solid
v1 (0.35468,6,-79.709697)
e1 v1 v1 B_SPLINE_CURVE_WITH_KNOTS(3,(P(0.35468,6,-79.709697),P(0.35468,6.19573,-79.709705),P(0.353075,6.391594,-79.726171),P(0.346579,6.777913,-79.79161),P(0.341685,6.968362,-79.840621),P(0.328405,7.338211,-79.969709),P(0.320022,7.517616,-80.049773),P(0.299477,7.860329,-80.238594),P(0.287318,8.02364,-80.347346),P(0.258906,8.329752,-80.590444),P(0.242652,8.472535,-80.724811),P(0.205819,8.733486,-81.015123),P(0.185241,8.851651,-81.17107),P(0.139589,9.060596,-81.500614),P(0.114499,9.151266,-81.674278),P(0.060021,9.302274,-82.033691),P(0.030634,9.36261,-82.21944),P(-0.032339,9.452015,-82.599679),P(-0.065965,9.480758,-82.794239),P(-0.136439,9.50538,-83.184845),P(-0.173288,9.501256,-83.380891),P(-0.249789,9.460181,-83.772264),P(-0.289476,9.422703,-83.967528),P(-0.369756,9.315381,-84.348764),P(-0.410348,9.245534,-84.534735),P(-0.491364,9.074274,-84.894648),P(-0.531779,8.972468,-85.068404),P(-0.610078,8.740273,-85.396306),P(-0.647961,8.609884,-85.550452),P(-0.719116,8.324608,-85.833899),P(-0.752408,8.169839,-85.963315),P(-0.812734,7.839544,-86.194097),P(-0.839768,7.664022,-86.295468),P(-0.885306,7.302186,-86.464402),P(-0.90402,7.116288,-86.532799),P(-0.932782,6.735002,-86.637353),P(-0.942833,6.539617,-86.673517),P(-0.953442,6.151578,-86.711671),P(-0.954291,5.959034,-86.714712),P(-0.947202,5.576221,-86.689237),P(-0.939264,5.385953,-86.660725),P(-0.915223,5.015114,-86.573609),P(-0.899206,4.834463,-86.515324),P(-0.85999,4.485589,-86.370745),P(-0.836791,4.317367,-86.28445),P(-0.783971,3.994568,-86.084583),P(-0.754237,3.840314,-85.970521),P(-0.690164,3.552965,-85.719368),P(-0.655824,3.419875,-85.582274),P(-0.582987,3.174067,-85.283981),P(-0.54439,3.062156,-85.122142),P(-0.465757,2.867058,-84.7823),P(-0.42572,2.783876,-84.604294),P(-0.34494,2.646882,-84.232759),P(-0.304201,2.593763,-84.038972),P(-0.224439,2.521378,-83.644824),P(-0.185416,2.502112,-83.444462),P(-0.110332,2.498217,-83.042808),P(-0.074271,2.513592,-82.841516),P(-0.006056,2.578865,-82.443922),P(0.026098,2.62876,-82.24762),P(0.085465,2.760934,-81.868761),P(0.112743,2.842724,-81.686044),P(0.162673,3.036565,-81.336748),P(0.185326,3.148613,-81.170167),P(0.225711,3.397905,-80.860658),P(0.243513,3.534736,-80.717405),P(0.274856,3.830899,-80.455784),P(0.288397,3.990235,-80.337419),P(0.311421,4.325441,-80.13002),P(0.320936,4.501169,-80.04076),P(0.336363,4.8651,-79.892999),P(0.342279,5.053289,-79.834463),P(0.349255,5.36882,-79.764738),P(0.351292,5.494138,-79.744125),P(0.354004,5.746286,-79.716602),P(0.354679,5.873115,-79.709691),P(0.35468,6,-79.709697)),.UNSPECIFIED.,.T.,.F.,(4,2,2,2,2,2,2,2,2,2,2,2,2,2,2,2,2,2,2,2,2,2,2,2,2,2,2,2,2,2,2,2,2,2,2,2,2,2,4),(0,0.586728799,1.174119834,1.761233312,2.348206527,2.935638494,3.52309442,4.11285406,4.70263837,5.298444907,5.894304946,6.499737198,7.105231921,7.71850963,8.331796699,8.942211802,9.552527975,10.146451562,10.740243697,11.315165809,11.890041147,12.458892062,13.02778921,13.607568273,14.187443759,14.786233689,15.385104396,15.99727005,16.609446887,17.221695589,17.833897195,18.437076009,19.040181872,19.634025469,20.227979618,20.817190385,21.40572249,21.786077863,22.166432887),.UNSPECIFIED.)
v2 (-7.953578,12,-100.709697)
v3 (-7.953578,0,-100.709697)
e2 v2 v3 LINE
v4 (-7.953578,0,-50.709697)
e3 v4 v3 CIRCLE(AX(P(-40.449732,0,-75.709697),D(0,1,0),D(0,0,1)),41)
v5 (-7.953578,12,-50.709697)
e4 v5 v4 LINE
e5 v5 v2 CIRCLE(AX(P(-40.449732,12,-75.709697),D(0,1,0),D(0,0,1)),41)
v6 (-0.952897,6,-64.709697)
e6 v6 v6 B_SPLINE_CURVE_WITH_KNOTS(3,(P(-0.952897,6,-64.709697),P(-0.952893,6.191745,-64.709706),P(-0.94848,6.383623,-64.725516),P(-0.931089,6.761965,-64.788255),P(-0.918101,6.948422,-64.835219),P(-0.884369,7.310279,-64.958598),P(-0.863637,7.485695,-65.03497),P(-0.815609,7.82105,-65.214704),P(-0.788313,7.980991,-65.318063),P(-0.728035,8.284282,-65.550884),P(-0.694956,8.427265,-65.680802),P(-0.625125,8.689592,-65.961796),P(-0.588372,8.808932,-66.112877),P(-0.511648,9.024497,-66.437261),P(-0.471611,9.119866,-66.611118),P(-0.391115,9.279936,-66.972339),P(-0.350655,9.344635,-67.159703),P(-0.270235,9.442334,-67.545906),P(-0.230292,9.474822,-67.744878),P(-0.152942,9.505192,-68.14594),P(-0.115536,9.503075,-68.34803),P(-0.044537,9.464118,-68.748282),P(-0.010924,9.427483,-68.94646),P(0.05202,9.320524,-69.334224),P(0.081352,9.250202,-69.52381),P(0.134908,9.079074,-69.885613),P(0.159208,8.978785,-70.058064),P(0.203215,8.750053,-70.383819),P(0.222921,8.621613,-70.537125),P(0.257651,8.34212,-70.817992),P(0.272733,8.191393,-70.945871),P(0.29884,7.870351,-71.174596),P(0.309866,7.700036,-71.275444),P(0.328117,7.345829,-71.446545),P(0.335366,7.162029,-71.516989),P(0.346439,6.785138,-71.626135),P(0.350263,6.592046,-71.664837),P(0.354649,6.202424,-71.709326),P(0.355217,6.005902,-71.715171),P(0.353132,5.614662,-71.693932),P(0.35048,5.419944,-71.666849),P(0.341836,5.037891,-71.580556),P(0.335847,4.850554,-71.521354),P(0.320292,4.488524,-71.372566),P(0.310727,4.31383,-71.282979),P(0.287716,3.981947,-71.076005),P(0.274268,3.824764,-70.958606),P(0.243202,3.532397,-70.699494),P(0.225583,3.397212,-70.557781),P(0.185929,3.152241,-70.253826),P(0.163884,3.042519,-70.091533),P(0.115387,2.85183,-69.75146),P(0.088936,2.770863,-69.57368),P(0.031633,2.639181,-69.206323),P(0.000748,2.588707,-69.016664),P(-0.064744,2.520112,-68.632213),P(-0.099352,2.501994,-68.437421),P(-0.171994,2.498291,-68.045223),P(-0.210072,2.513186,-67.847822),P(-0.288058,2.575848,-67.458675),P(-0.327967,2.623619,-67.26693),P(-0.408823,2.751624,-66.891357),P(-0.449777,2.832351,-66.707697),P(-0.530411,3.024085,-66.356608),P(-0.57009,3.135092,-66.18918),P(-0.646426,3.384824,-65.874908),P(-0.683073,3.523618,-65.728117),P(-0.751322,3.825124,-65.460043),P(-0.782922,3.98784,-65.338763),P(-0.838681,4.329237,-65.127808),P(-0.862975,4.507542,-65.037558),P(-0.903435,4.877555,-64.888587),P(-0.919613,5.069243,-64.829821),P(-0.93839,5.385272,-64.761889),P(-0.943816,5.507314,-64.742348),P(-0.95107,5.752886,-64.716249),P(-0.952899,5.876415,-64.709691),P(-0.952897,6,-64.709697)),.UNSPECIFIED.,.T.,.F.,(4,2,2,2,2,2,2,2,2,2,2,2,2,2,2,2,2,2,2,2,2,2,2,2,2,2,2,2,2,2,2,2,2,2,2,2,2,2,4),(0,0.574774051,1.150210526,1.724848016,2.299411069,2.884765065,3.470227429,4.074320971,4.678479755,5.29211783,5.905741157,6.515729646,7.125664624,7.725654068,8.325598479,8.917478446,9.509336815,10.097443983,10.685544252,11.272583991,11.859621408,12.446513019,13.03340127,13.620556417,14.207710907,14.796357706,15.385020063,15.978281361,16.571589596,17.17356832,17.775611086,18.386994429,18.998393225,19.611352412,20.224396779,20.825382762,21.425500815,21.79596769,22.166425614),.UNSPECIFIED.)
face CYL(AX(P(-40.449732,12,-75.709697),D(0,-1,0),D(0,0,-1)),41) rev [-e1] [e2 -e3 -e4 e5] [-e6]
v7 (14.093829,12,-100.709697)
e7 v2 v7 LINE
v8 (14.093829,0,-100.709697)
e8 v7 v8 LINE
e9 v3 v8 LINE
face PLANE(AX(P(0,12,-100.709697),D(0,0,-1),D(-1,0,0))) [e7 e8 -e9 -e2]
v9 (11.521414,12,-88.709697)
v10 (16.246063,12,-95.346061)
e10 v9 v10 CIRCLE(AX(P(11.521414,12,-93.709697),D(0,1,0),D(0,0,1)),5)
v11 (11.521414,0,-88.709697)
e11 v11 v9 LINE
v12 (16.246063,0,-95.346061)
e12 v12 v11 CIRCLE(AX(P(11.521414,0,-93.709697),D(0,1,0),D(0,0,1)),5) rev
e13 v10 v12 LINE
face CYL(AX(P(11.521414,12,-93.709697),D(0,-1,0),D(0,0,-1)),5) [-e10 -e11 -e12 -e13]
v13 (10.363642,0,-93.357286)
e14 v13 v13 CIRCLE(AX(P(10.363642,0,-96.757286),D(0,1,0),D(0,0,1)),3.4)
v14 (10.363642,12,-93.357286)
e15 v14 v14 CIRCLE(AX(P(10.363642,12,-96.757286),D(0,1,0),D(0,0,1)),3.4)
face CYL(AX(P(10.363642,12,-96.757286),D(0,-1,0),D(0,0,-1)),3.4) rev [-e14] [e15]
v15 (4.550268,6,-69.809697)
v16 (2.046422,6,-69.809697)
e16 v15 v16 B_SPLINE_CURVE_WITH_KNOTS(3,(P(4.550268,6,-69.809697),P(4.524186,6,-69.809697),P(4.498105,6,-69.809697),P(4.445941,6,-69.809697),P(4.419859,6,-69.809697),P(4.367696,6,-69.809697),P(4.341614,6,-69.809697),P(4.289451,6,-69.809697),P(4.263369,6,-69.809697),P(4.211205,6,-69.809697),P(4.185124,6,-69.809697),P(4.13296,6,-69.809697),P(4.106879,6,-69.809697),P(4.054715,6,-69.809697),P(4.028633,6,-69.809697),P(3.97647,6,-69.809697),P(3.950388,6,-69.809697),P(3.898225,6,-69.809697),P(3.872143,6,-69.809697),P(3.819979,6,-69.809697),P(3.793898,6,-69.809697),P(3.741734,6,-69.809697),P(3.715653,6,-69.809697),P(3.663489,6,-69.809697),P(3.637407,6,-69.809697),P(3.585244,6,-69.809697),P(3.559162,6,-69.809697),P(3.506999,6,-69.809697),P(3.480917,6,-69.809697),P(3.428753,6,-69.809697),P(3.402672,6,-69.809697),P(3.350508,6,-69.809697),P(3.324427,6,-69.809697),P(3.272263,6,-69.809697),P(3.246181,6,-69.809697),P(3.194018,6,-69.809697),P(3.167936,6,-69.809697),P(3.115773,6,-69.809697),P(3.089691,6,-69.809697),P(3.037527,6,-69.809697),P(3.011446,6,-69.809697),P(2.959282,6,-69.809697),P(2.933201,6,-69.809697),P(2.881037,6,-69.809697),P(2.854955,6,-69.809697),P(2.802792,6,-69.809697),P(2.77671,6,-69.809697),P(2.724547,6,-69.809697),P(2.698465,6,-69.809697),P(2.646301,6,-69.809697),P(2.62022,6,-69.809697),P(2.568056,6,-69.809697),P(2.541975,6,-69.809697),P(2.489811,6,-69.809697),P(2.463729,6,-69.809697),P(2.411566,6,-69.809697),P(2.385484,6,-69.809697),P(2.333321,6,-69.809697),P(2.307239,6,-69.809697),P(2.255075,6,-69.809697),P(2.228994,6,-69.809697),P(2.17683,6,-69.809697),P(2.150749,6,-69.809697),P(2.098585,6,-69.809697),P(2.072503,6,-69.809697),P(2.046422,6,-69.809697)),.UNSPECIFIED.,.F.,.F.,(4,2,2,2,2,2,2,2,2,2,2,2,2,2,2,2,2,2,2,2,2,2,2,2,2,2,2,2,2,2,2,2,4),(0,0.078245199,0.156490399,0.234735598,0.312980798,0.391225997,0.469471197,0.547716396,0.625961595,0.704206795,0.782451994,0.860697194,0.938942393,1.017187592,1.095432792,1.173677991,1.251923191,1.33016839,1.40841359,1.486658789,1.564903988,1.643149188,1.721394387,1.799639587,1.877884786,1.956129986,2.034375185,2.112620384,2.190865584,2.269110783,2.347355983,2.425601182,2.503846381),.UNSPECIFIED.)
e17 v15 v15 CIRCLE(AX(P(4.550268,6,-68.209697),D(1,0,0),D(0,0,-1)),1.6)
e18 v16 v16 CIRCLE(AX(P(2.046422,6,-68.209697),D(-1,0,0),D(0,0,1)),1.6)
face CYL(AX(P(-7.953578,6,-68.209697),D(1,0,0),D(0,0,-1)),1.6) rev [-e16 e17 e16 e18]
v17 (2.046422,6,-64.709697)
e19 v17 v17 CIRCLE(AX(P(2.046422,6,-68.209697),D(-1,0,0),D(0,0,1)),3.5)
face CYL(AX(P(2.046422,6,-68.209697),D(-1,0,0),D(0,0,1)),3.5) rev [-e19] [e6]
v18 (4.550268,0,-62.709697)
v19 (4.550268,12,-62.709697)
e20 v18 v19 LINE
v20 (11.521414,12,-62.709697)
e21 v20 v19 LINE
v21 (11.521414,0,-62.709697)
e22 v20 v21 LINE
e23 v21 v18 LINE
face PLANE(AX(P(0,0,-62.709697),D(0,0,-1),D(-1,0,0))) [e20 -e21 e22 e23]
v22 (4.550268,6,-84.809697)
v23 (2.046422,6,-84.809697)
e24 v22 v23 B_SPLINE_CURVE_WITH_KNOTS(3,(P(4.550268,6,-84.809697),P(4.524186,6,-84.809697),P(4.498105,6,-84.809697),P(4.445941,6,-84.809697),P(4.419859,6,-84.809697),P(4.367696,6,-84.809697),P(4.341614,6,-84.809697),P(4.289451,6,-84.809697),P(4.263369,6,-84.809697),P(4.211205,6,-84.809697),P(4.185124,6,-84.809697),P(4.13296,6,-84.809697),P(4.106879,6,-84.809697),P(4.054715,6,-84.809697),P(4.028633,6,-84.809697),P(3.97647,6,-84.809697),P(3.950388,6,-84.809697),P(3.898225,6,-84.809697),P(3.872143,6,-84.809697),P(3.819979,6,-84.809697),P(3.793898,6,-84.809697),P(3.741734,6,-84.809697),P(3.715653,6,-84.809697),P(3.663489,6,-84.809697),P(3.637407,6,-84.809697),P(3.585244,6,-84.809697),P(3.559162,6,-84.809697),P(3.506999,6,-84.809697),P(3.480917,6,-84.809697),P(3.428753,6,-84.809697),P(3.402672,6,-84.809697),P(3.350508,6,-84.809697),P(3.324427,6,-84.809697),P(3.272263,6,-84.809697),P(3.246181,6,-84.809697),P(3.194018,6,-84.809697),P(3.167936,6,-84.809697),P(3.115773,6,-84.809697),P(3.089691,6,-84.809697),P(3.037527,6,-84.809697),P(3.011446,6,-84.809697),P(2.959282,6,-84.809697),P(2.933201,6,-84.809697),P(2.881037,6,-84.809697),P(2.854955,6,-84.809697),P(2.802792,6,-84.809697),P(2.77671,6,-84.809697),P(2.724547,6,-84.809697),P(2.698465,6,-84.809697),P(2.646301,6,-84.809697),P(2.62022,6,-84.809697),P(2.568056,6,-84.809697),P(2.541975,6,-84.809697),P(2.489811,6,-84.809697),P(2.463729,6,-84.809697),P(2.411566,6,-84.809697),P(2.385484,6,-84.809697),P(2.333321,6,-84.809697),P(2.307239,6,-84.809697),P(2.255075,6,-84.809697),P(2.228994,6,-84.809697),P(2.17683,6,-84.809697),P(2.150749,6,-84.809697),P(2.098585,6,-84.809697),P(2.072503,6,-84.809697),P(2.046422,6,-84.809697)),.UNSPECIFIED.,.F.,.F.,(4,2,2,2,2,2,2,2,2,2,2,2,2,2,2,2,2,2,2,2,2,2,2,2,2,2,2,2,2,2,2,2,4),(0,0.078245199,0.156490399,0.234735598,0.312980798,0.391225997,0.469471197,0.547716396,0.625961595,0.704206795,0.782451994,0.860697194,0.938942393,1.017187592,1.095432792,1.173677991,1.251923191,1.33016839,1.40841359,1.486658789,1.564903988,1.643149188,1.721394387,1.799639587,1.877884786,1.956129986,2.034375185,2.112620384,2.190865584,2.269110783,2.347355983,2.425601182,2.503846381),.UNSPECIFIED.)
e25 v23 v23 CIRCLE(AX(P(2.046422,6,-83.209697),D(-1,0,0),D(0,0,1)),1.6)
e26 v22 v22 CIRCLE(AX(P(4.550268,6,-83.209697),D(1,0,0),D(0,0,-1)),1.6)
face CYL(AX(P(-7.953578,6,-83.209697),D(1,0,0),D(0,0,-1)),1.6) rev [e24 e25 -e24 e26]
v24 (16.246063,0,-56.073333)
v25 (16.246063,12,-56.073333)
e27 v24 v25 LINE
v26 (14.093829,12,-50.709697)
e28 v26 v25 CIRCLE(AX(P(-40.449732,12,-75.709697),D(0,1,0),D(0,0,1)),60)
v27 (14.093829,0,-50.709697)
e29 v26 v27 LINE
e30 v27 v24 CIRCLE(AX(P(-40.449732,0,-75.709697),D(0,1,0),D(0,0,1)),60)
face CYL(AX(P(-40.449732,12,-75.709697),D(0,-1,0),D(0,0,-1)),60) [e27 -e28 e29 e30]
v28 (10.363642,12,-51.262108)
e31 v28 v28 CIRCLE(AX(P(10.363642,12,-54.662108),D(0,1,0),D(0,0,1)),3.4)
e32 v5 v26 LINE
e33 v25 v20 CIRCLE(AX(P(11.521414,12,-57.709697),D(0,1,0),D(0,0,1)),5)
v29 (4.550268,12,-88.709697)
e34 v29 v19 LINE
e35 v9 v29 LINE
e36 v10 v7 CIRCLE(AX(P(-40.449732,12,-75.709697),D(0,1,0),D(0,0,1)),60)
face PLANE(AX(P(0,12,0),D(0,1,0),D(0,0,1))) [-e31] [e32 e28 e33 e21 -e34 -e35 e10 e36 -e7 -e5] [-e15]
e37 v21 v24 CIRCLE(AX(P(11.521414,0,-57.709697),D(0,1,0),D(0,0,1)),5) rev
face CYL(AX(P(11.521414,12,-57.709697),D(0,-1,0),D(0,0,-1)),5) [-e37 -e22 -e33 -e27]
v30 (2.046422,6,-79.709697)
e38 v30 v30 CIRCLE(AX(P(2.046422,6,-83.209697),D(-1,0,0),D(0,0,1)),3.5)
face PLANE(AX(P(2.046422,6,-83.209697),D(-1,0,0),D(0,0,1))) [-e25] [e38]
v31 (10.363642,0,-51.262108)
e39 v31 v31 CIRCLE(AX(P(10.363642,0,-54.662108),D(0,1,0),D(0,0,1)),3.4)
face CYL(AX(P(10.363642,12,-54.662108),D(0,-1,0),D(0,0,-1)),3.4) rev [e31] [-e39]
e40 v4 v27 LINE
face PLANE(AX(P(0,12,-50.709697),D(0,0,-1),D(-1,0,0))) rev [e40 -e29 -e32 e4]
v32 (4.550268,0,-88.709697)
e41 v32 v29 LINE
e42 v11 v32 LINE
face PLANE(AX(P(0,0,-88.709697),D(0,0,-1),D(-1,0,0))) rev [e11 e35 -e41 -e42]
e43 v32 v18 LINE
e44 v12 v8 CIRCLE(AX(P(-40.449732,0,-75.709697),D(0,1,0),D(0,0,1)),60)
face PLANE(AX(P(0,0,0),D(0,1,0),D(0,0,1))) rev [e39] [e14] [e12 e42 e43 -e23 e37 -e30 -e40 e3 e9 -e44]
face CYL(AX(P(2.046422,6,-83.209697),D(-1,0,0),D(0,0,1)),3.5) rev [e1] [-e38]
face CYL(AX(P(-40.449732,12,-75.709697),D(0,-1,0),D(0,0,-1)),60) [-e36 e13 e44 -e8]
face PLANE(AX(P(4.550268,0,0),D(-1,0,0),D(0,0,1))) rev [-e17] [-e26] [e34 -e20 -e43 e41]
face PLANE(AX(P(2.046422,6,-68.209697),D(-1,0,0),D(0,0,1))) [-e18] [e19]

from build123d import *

# Parameters (mm, degrees)
SKETCH_1_R          = 3.4
EXTRUDE_2_DEPTH     = 12
CUT_EXTRUDE_1_DEPTH = 104.289186422
CUT_EXTRUDE_2_DEPTH = 103.326519441
CUT_EXTRUDE_START   = -10
SKETCH_6_R          = 3.5
SKETCH_6_R_2        = 1.6
CUT_EXTRUDE_3_DEPTH = 10
FILLET_1_R          = 5


with BuildPart() as part:
    # 草图1 → 凸台-拉伸2 (new body)
    with BuildSketch(Plane(origin=(0, 0, 0), x_dir=(1, 0, 0), z_dir=(0, 1, 0))):
        with BuildLine():
            ThreePointArc((-7.95357839, 100.709696918), (0.550267992, 75.709696918), (-7.95357839, 50.709696918))
            Line((-7.95357839, 50.709696918), (14.093828565, 50.709696918))
            ThreePointArc((14.093828565, 50.709696918), (19.550267992, 75.709696918), (14.093828565, 100.709696918))
            Line((14.093828565, 100.709696918), (-7.95357839, 100.709696918))
        make_face()
        with Locations(Location((10.36364228, 96.757285698, 0), (0, 0, 270))):
            Circle(SKETCH_1_R, mode=Mode.SUBTRACT)
        with Locations(Location((10.36364228, 54.662108138, 0), (0, 0, 270))):
            Circle(SKETCH_1_R, mode=Mode.SUBTRACT)
    extrude(amount=EXTRUDE_2_DEPTH)

    # 草图2 → 切除-拉伸1 (cut, through all)
    with BuildSketch(Plane(origin=(0, 12, 0), x_dir=(1, 0, 0), z_dir=(0, 1, 0))):
        with BuildLine():
            Line((4.550267992, 88.709696918), (4.550267992, 75.709696918))
            Line((4.550267992, 75.709696918), (19.550267992, 75.709696918))
            ThreePointArc((19.550267992, 75.709696918), (19.192888302, 82.248645039), (18.125006574, 88.709696918))
            Line((18.125006574, 88.709696918), (4.550267992, 88.709696918))
        make_face()
        with BuildLine():
            Line((19.550267992, 75.709696918), (4.550267992, 75.709696918))
            Line((4.550267992, 75.709696918), (4.550267992, 62.709696918))
            Line((4.550267992, 62.709696918), (18.125006574, 62.709696918))
            ThreePointArc((18.125006574, 62.709696918), (19.192888302, 69.170748797), (19.550267992, 75.709696918))
        make_face()
    extrude(amount=-CUT_EXTRUDE_1_DEPTH, mode=Mode.SUBTRACT)

    # 草图4 → 切除-拉伸2 (cut, through all)
    with BuildSketch(Plane(origin=(4.550267992, 0, 0), x_dir=(0, 0, -1), z_dir=(1, 0, 0))):
        with BuildLine():
            ThreePointArc((84.809696918, 6), (83.209696918, 7.6), (81.609696918, 6))
            Line((81.609696918, 6), (84.809696918, 6))
        make_face()
        with BuildLine():
            Line((84.809696918, 6), (81.609696918, 6))
            ThreePointArc((81.609696918, 6), (83.209696918, 4.4), (84.809696918, 6))
        make_face()
        with BuildLine():
            ThreePointArc((69.809696918, 6), (68.209696918, 7.6), (66.609696918, 6))
            Line((66.609696918, 6), (69.809696918, 6))
        make_face()
        with BuildLine():
            Line((69.809696918, 6), (66.609696918, 6))
            ThreePointArc((66.609696918, 6), (68.209696918, 4.4), (69.809696918, 6))
        make_face()
    extrude(amount=-CUT_EXTRUDE_2_DEPTH, mode=Mode.SUBTRACT)

    # 草图6 → 切除-拉伸3 (cut)
    # profile 1 of 2: a face of its own
    with BuildSketch(Plane.ZY.offset(7.95357839).offset(CUT_EXTRUDE_START)):
        with Locations((-83.209696918, 6)):
            Circle(SKETCH_6_R)
        with Locations(Location((-83.209696918, 6, 0), (0, 0, 180))):
            Circle(SKETCH_6_R_2, mode=Mode.SUBTRACT)
    # profile 2 of 2: a face of its own
    with BuildSketch(Plane.ZY.offset(7.95357839).offset(CUT_EXTRUDE_START)):
        with Locations((-68.209696918, 6)):
            Circle(SKETCH_6_R)
        with Locations(Location((-68.209696918, 6, 0), (0, 0, 180))):
            Circle(SKETCH_6_R_2, mode=Mode.SUBTRACT)
    extrude(amount=CUT_EXTRUDE_3_DEPTH, mode=Mode.SUBTRACT)

    # 圆角1
    fillet_1_edges = [part.edges().sort_by_distance(p)[0] for p in [
        (18.125006574, 6, -88.709696918),
        (18.125006574, 6, -62.709696918),
    ]]
    fillet(fillet_1_edges, radius=FILLET_1_R)


solid = part.part
